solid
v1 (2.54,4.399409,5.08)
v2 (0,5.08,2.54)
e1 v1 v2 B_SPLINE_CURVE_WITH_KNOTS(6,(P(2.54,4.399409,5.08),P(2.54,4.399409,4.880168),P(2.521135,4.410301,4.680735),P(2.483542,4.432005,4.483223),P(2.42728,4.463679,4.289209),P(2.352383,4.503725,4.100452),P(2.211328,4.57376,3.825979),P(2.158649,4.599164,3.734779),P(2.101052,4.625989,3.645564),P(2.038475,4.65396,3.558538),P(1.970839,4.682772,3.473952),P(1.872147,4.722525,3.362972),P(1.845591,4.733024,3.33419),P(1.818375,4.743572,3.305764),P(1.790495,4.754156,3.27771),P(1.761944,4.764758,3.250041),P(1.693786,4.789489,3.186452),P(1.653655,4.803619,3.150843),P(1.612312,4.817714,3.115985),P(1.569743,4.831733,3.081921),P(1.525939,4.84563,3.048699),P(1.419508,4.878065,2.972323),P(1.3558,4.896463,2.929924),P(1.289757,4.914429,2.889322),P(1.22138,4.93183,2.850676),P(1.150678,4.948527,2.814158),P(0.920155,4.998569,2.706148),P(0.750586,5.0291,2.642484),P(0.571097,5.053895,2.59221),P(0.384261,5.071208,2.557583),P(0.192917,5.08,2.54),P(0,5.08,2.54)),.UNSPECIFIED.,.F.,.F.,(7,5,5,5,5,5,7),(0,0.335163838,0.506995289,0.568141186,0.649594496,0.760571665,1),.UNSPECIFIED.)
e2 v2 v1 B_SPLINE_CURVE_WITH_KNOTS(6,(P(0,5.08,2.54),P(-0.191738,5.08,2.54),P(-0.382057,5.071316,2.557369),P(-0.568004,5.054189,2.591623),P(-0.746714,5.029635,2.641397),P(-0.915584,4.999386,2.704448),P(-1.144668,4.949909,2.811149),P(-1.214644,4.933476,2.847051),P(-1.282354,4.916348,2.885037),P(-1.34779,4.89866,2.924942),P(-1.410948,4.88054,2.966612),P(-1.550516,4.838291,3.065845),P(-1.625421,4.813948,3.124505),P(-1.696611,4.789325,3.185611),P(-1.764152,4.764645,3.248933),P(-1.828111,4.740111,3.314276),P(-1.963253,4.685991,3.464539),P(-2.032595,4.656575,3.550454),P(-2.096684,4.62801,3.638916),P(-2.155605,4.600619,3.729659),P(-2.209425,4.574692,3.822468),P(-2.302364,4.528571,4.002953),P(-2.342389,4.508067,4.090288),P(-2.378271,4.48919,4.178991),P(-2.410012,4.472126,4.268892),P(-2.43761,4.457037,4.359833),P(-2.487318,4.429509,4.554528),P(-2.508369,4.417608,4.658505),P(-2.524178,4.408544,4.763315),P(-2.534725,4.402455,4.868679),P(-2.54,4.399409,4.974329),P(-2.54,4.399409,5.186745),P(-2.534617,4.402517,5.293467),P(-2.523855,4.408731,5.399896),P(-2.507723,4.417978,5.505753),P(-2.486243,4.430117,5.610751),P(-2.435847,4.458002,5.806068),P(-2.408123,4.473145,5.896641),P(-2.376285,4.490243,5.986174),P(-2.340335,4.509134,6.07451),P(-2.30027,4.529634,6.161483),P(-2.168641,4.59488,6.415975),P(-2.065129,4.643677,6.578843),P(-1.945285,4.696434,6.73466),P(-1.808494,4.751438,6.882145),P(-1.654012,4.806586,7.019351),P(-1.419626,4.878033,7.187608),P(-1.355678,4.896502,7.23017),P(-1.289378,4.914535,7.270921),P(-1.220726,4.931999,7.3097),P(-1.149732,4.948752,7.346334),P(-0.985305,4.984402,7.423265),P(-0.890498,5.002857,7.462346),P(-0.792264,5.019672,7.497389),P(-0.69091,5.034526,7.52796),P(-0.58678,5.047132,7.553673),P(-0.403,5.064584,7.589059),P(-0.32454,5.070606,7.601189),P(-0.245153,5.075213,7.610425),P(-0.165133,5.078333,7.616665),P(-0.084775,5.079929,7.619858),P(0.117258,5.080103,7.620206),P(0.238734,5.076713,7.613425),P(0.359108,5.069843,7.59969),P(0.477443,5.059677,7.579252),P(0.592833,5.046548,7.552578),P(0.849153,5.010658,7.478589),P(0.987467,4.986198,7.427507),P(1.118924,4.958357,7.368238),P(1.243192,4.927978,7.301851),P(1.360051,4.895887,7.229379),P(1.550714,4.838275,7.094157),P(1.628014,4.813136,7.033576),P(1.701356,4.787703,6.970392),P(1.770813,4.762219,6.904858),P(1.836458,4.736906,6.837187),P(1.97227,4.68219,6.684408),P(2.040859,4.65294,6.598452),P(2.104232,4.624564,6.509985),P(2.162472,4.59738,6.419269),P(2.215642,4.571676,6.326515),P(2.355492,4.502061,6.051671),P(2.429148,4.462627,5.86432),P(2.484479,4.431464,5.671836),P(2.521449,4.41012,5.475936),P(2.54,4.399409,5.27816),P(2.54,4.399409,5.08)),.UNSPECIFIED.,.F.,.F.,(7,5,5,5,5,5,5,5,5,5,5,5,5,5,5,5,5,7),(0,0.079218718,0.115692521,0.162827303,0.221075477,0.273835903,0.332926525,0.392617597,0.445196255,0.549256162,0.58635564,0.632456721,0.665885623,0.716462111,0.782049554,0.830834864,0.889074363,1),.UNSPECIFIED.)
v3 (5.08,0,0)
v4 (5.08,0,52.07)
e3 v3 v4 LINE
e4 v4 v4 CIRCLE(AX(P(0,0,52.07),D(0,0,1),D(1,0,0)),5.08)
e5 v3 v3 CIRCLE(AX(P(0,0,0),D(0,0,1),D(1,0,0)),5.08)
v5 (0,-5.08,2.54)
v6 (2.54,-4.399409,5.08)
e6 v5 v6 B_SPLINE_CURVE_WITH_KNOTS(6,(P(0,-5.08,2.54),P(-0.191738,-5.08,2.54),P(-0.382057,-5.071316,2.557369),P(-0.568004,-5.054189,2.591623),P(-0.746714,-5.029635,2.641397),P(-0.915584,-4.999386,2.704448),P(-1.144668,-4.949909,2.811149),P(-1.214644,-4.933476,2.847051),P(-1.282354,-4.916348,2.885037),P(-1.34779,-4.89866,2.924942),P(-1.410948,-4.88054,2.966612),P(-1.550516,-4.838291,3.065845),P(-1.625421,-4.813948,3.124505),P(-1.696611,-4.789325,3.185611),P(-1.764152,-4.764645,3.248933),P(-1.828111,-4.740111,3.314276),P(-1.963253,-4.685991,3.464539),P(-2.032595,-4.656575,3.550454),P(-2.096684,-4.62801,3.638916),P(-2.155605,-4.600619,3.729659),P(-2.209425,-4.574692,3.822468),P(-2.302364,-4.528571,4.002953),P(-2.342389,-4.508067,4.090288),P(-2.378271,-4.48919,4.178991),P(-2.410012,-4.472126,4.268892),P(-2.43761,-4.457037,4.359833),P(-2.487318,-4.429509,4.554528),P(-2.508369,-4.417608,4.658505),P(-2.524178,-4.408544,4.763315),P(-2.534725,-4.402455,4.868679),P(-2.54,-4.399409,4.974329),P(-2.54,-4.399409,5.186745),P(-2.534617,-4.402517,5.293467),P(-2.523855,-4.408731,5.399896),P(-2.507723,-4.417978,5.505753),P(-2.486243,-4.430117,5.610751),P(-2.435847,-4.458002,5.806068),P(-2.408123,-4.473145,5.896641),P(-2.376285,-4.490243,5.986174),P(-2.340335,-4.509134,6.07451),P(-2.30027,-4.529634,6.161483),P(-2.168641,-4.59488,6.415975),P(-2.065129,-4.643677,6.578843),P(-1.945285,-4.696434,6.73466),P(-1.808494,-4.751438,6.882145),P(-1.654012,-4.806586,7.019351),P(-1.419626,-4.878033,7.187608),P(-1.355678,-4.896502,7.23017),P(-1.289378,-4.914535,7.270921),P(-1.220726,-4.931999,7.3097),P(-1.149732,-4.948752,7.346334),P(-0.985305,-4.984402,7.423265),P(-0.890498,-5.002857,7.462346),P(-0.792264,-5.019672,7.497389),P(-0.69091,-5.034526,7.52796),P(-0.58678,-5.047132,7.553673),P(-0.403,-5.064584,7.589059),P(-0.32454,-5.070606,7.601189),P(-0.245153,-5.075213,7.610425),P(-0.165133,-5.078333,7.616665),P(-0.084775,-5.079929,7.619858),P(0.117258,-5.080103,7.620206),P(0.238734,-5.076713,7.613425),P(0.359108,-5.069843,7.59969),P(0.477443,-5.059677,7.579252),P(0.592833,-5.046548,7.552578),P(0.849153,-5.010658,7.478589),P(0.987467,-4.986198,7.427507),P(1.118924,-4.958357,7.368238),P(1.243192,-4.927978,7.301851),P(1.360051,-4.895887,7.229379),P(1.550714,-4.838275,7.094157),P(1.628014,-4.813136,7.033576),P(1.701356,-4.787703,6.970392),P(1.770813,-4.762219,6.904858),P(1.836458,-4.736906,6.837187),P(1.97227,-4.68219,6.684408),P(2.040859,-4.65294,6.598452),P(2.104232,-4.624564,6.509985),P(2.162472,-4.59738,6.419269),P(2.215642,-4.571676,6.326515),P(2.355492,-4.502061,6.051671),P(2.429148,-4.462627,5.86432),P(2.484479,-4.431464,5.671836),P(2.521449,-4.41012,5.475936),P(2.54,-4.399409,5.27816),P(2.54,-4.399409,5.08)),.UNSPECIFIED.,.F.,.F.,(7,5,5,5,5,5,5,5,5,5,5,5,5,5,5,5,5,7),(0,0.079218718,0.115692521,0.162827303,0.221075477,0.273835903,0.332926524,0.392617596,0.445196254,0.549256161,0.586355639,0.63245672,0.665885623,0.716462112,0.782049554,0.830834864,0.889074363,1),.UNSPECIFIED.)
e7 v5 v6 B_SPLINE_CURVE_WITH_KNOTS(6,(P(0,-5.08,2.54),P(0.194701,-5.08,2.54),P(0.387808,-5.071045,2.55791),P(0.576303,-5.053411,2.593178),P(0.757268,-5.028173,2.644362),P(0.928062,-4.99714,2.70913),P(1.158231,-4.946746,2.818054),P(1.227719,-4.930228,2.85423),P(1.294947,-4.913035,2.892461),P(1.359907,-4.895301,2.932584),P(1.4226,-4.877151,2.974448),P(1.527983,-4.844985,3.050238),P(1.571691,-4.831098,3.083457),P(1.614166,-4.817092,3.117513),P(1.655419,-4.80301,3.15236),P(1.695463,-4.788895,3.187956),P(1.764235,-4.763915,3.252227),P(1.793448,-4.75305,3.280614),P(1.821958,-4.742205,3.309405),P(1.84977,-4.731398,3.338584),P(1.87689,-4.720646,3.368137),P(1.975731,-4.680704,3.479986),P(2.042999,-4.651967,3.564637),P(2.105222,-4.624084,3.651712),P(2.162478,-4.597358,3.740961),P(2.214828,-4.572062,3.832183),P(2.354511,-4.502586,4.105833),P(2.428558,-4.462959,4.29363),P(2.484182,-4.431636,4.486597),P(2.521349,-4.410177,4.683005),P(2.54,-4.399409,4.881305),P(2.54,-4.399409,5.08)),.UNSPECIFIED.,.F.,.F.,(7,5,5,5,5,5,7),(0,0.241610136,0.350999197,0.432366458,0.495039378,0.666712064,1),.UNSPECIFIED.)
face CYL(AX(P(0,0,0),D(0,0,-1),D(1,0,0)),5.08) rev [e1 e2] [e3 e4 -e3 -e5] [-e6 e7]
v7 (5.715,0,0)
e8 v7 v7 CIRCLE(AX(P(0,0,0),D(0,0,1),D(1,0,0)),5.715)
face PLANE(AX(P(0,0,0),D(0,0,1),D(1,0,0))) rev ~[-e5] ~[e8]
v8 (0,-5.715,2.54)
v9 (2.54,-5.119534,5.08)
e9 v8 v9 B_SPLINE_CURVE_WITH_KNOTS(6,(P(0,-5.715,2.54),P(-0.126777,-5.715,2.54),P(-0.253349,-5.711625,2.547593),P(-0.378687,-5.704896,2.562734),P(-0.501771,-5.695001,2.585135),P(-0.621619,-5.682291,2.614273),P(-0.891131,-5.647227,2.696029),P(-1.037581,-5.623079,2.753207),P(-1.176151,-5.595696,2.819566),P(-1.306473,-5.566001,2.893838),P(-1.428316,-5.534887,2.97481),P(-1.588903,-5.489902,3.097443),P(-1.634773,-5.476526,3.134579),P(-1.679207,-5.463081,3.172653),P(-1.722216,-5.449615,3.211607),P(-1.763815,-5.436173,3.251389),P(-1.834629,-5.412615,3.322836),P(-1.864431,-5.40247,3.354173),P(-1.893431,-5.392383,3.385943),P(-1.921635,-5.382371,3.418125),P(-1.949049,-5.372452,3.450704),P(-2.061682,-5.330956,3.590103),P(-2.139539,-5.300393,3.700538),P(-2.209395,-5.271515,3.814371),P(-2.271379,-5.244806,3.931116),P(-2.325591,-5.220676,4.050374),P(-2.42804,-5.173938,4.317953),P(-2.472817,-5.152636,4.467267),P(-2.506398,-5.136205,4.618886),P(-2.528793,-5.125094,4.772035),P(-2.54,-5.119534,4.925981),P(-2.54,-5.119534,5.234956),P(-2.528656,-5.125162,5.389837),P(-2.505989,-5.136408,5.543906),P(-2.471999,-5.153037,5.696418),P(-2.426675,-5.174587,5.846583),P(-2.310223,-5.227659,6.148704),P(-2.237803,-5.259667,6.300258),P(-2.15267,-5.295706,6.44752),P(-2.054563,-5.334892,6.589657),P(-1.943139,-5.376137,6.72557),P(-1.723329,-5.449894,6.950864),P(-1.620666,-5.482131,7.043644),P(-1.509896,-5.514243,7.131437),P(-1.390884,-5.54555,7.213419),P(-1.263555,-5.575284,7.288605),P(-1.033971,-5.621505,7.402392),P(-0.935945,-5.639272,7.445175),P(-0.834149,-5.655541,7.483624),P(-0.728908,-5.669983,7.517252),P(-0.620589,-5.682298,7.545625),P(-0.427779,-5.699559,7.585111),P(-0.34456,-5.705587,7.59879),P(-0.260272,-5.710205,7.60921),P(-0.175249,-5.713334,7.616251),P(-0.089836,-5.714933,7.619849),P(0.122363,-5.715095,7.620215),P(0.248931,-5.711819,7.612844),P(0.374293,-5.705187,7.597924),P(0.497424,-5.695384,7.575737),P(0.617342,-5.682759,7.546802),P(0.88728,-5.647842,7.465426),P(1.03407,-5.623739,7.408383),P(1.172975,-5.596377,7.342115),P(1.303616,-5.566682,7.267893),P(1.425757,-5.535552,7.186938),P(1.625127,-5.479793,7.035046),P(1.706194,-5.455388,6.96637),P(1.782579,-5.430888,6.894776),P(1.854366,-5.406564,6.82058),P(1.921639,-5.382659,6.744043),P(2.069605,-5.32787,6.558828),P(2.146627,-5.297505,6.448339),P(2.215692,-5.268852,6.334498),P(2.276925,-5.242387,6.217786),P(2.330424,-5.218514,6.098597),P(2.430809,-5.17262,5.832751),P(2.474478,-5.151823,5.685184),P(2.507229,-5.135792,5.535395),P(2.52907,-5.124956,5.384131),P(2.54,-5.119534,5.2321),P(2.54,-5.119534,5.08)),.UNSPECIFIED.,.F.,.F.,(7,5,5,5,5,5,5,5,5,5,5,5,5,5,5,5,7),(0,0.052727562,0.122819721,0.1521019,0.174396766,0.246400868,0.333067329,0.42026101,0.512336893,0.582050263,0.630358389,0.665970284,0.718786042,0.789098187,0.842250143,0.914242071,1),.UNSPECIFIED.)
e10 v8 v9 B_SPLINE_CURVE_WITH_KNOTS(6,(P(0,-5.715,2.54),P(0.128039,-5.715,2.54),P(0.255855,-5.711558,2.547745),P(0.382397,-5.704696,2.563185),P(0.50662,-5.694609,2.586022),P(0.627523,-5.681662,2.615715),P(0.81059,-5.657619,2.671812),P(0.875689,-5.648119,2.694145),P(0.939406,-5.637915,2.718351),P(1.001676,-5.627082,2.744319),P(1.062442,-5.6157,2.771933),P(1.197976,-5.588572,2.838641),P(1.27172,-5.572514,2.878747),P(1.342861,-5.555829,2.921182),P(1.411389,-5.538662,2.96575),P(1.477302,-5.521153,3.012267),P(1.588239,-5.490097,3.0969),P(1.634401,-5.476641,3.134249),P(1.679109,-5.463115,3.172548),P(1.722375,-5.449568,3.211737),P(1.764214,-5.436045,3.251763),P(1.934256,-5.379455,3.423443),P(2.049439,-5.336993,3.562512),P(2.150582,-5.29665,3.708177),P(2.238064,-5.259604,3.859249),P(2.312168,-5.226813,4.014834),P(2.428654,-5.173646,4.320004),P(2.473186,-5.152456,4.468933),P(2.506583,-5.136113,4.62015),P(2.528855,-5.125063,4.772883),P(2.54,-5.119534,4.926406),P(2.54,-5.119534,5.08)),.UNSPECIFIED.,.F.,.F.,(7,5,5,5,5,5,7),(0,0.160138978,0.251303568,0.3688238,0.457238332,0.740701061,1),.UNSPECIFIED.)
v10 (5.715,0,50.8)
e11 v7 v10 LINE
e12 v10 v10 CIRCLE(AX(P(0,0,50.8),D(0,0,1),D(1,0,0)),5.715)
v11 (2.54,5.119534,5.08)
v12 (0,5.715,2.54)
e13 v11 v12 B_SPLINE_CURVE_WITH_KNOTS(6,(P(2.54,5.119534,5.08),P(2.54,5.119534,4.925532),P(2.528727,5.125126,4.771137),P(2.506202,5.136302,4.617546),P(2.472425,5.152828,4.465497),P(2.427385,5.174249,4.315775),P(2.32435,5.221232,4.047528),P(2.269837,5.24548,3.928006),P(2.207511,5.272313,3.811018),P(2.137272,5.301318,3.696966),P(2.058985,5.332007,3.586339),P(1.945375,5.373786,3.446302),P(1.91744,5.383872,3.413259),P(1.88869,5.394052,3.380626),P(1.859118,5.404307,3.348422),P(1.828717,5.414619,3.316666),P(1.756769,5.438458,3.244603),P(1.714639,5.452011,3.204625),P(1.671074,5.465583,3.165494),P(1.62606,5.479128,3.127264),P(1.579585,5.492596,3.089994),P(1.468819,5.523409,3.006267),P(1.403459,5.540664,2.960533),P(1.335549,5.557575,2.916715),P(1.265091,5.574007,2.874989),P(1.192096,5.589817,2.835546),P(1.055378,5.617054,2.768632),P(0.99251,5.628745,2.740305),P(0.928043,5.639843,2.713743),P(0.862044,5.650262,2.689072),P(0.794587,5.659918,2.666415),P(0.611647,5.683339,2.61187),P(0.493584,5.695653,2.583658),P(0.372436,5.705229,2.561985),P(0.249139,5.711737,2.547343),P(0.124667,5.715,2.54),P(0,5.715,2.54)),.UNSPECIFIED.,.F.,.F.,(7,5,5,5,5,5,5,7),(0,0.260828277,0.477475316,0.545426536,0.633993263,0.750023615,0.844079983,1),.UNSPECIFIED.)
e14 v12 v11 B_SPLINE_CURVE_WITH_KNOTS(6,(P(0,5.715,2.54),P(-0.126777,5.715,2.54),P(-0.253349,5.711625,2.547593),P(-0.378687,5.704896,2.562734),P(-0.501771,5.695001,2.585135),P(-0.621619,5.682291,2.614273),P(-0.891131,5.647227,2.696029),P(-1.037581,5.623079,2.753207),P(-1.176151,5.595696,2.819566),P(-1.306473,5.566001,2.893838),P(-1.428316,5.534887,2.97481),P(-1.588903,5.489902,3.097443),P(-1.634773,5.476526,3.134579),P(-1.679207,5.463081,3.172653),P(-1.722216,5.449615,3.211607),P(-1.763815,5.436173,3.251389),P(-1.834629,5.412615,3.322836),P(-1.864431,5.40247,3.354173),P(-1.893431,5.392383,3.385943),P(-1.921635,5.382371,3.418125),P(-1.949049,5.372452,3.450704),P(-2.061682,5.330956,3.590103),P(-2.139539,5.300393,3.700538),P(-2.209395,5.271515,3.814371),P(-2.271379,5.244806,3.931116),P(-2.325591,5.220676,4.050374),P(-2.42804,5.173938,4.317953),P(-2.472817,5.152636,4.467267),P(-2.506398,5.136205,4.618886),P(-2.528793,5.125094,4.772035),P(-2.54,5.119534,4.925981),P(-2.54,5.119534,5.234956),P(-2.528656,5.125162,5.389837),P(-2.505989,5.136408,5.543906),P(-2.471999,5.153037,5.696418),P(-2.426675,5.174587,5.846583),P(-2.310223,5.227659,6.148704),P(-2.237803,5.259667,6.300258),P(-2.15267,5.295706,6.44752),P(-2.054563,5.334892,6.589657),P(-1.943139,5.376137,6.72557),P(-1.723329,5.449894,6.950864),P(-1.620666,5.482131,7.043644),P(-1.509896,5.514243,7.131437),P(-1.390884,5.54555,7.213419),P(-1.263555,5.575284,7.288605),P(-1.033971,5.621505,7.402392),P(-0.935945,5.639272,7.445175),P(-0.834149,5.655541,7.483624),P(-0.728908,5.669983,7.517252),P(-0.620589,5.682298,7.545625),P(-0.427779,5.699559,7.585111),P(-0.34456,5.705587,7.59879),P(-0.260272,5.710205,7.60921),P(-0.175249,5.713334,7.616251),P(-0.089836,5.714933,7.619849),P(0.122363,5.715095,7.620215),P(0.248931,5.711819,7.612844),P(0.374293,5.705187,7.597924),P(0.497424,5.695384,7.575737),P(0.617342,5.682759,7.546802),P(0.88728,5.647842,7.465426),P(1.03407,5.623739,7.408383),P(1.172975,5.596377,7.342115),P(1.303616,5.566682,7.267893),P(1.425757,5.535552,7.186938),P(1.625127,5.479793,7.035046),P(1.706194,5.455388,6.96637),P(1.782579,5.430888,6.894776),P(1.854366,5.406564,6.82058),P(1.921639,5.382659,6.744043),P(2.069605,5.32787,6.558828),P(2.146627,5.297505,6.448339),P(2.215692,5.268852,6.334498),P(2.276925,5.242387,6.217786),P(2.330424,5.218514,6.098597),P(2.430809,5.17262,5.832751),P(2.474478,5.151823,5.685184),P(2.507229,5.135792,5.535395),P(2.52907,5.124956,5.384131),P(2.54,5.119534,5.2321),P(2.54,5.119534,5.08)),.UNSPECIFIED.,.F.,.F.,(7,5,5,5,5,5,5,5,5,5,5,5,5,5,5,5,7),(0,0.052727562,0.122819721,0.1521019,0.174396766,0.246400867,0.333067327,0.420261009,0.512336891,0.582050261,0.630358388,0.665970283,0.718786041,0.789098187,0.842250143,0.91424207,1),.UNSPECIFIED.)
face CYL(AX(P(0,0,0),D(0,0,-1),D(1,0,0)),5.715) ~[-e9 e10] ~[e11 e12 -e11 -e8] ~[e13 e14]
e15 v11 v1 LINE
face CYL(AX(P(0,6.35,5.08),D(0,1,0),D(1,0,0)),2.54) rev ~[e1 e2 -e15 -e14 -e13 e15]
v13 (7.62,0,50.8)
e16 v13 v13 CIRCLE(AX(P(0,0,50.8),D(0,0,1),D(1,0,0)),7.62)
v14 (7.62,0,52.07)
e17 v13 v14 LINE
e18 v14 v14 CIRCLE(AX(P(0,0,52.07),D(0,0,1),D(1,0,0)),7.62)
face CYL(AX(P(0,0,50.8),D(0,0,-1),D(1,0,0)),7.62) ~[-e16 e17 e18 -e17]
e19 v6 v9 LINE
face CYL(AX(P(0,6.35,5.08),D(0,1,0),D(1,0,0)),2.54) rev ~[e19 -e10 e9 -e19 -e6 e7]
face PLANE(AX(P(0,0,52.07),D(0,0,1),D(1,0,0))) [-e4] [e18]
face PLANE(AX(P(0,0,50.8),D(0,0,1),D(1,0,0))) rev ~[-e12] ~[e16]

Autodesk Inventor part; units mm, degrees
ref_plane "YZ Plane" through (0, 0, 0) normal (1, 0, 0) x (0, 1, 0)
ref_plane "XZ Plane" through (0, 0, 0) normal (0, 1, 0) x (-1, 0, 0)
sketch "Sketch1" plane through (0, 0, 0) normal (0, 0, 1) x (1, 0, 0)
  circle A0 centre (0, 0) radius 5.715
  circle A1 centre (0, 0) radius 5.08
  line L0 (0, 0) -> (5.715, 0)
  dimension "d0" = 11.43
  dimension "d1" = 10.16
extrude "Extrusion1" add sketch "Sketch1" along normal blind 50.8
sketch "Sketch2" plane through (0, 0, 50.8) normal (0, 0, 1) x (1, 0, 0)
  circle A0 centre (0, 0) radius 5.08 projected
  circle A1 centre (0, 0) radius 5.715 projected
  circle A2 centre (0, 0) radius 7.62
  dimension "d4" = 15.24
extrude "Extrusion2" add sketch "Sketch2" along normal blind 1.27 contours A1 | A2
ref_plane "Work Plane2" through (0, 6.35, 0) normal (0, 1, 0) x (1, 0, 0)
ref_plane "Work Plane1" through (0, 0, 0) normal (0, 1, 0) x (1, 0, 0)
sketch "Sketch3" plane through (0, 6.35, 0) normal (0, 1, 0) x (1, 0, 0)
  line L0 (0, 0) -> (0, -5.08)
  circle A0 centre (0, -5.08) radius 2.54
  dimension "d9" = 5.08
  dimension "d10" = 5.08
extrude "Extrusion3" cut sketch "Sketch3" against normal blind 25.4
properties part number "Pin" material "Steel"
